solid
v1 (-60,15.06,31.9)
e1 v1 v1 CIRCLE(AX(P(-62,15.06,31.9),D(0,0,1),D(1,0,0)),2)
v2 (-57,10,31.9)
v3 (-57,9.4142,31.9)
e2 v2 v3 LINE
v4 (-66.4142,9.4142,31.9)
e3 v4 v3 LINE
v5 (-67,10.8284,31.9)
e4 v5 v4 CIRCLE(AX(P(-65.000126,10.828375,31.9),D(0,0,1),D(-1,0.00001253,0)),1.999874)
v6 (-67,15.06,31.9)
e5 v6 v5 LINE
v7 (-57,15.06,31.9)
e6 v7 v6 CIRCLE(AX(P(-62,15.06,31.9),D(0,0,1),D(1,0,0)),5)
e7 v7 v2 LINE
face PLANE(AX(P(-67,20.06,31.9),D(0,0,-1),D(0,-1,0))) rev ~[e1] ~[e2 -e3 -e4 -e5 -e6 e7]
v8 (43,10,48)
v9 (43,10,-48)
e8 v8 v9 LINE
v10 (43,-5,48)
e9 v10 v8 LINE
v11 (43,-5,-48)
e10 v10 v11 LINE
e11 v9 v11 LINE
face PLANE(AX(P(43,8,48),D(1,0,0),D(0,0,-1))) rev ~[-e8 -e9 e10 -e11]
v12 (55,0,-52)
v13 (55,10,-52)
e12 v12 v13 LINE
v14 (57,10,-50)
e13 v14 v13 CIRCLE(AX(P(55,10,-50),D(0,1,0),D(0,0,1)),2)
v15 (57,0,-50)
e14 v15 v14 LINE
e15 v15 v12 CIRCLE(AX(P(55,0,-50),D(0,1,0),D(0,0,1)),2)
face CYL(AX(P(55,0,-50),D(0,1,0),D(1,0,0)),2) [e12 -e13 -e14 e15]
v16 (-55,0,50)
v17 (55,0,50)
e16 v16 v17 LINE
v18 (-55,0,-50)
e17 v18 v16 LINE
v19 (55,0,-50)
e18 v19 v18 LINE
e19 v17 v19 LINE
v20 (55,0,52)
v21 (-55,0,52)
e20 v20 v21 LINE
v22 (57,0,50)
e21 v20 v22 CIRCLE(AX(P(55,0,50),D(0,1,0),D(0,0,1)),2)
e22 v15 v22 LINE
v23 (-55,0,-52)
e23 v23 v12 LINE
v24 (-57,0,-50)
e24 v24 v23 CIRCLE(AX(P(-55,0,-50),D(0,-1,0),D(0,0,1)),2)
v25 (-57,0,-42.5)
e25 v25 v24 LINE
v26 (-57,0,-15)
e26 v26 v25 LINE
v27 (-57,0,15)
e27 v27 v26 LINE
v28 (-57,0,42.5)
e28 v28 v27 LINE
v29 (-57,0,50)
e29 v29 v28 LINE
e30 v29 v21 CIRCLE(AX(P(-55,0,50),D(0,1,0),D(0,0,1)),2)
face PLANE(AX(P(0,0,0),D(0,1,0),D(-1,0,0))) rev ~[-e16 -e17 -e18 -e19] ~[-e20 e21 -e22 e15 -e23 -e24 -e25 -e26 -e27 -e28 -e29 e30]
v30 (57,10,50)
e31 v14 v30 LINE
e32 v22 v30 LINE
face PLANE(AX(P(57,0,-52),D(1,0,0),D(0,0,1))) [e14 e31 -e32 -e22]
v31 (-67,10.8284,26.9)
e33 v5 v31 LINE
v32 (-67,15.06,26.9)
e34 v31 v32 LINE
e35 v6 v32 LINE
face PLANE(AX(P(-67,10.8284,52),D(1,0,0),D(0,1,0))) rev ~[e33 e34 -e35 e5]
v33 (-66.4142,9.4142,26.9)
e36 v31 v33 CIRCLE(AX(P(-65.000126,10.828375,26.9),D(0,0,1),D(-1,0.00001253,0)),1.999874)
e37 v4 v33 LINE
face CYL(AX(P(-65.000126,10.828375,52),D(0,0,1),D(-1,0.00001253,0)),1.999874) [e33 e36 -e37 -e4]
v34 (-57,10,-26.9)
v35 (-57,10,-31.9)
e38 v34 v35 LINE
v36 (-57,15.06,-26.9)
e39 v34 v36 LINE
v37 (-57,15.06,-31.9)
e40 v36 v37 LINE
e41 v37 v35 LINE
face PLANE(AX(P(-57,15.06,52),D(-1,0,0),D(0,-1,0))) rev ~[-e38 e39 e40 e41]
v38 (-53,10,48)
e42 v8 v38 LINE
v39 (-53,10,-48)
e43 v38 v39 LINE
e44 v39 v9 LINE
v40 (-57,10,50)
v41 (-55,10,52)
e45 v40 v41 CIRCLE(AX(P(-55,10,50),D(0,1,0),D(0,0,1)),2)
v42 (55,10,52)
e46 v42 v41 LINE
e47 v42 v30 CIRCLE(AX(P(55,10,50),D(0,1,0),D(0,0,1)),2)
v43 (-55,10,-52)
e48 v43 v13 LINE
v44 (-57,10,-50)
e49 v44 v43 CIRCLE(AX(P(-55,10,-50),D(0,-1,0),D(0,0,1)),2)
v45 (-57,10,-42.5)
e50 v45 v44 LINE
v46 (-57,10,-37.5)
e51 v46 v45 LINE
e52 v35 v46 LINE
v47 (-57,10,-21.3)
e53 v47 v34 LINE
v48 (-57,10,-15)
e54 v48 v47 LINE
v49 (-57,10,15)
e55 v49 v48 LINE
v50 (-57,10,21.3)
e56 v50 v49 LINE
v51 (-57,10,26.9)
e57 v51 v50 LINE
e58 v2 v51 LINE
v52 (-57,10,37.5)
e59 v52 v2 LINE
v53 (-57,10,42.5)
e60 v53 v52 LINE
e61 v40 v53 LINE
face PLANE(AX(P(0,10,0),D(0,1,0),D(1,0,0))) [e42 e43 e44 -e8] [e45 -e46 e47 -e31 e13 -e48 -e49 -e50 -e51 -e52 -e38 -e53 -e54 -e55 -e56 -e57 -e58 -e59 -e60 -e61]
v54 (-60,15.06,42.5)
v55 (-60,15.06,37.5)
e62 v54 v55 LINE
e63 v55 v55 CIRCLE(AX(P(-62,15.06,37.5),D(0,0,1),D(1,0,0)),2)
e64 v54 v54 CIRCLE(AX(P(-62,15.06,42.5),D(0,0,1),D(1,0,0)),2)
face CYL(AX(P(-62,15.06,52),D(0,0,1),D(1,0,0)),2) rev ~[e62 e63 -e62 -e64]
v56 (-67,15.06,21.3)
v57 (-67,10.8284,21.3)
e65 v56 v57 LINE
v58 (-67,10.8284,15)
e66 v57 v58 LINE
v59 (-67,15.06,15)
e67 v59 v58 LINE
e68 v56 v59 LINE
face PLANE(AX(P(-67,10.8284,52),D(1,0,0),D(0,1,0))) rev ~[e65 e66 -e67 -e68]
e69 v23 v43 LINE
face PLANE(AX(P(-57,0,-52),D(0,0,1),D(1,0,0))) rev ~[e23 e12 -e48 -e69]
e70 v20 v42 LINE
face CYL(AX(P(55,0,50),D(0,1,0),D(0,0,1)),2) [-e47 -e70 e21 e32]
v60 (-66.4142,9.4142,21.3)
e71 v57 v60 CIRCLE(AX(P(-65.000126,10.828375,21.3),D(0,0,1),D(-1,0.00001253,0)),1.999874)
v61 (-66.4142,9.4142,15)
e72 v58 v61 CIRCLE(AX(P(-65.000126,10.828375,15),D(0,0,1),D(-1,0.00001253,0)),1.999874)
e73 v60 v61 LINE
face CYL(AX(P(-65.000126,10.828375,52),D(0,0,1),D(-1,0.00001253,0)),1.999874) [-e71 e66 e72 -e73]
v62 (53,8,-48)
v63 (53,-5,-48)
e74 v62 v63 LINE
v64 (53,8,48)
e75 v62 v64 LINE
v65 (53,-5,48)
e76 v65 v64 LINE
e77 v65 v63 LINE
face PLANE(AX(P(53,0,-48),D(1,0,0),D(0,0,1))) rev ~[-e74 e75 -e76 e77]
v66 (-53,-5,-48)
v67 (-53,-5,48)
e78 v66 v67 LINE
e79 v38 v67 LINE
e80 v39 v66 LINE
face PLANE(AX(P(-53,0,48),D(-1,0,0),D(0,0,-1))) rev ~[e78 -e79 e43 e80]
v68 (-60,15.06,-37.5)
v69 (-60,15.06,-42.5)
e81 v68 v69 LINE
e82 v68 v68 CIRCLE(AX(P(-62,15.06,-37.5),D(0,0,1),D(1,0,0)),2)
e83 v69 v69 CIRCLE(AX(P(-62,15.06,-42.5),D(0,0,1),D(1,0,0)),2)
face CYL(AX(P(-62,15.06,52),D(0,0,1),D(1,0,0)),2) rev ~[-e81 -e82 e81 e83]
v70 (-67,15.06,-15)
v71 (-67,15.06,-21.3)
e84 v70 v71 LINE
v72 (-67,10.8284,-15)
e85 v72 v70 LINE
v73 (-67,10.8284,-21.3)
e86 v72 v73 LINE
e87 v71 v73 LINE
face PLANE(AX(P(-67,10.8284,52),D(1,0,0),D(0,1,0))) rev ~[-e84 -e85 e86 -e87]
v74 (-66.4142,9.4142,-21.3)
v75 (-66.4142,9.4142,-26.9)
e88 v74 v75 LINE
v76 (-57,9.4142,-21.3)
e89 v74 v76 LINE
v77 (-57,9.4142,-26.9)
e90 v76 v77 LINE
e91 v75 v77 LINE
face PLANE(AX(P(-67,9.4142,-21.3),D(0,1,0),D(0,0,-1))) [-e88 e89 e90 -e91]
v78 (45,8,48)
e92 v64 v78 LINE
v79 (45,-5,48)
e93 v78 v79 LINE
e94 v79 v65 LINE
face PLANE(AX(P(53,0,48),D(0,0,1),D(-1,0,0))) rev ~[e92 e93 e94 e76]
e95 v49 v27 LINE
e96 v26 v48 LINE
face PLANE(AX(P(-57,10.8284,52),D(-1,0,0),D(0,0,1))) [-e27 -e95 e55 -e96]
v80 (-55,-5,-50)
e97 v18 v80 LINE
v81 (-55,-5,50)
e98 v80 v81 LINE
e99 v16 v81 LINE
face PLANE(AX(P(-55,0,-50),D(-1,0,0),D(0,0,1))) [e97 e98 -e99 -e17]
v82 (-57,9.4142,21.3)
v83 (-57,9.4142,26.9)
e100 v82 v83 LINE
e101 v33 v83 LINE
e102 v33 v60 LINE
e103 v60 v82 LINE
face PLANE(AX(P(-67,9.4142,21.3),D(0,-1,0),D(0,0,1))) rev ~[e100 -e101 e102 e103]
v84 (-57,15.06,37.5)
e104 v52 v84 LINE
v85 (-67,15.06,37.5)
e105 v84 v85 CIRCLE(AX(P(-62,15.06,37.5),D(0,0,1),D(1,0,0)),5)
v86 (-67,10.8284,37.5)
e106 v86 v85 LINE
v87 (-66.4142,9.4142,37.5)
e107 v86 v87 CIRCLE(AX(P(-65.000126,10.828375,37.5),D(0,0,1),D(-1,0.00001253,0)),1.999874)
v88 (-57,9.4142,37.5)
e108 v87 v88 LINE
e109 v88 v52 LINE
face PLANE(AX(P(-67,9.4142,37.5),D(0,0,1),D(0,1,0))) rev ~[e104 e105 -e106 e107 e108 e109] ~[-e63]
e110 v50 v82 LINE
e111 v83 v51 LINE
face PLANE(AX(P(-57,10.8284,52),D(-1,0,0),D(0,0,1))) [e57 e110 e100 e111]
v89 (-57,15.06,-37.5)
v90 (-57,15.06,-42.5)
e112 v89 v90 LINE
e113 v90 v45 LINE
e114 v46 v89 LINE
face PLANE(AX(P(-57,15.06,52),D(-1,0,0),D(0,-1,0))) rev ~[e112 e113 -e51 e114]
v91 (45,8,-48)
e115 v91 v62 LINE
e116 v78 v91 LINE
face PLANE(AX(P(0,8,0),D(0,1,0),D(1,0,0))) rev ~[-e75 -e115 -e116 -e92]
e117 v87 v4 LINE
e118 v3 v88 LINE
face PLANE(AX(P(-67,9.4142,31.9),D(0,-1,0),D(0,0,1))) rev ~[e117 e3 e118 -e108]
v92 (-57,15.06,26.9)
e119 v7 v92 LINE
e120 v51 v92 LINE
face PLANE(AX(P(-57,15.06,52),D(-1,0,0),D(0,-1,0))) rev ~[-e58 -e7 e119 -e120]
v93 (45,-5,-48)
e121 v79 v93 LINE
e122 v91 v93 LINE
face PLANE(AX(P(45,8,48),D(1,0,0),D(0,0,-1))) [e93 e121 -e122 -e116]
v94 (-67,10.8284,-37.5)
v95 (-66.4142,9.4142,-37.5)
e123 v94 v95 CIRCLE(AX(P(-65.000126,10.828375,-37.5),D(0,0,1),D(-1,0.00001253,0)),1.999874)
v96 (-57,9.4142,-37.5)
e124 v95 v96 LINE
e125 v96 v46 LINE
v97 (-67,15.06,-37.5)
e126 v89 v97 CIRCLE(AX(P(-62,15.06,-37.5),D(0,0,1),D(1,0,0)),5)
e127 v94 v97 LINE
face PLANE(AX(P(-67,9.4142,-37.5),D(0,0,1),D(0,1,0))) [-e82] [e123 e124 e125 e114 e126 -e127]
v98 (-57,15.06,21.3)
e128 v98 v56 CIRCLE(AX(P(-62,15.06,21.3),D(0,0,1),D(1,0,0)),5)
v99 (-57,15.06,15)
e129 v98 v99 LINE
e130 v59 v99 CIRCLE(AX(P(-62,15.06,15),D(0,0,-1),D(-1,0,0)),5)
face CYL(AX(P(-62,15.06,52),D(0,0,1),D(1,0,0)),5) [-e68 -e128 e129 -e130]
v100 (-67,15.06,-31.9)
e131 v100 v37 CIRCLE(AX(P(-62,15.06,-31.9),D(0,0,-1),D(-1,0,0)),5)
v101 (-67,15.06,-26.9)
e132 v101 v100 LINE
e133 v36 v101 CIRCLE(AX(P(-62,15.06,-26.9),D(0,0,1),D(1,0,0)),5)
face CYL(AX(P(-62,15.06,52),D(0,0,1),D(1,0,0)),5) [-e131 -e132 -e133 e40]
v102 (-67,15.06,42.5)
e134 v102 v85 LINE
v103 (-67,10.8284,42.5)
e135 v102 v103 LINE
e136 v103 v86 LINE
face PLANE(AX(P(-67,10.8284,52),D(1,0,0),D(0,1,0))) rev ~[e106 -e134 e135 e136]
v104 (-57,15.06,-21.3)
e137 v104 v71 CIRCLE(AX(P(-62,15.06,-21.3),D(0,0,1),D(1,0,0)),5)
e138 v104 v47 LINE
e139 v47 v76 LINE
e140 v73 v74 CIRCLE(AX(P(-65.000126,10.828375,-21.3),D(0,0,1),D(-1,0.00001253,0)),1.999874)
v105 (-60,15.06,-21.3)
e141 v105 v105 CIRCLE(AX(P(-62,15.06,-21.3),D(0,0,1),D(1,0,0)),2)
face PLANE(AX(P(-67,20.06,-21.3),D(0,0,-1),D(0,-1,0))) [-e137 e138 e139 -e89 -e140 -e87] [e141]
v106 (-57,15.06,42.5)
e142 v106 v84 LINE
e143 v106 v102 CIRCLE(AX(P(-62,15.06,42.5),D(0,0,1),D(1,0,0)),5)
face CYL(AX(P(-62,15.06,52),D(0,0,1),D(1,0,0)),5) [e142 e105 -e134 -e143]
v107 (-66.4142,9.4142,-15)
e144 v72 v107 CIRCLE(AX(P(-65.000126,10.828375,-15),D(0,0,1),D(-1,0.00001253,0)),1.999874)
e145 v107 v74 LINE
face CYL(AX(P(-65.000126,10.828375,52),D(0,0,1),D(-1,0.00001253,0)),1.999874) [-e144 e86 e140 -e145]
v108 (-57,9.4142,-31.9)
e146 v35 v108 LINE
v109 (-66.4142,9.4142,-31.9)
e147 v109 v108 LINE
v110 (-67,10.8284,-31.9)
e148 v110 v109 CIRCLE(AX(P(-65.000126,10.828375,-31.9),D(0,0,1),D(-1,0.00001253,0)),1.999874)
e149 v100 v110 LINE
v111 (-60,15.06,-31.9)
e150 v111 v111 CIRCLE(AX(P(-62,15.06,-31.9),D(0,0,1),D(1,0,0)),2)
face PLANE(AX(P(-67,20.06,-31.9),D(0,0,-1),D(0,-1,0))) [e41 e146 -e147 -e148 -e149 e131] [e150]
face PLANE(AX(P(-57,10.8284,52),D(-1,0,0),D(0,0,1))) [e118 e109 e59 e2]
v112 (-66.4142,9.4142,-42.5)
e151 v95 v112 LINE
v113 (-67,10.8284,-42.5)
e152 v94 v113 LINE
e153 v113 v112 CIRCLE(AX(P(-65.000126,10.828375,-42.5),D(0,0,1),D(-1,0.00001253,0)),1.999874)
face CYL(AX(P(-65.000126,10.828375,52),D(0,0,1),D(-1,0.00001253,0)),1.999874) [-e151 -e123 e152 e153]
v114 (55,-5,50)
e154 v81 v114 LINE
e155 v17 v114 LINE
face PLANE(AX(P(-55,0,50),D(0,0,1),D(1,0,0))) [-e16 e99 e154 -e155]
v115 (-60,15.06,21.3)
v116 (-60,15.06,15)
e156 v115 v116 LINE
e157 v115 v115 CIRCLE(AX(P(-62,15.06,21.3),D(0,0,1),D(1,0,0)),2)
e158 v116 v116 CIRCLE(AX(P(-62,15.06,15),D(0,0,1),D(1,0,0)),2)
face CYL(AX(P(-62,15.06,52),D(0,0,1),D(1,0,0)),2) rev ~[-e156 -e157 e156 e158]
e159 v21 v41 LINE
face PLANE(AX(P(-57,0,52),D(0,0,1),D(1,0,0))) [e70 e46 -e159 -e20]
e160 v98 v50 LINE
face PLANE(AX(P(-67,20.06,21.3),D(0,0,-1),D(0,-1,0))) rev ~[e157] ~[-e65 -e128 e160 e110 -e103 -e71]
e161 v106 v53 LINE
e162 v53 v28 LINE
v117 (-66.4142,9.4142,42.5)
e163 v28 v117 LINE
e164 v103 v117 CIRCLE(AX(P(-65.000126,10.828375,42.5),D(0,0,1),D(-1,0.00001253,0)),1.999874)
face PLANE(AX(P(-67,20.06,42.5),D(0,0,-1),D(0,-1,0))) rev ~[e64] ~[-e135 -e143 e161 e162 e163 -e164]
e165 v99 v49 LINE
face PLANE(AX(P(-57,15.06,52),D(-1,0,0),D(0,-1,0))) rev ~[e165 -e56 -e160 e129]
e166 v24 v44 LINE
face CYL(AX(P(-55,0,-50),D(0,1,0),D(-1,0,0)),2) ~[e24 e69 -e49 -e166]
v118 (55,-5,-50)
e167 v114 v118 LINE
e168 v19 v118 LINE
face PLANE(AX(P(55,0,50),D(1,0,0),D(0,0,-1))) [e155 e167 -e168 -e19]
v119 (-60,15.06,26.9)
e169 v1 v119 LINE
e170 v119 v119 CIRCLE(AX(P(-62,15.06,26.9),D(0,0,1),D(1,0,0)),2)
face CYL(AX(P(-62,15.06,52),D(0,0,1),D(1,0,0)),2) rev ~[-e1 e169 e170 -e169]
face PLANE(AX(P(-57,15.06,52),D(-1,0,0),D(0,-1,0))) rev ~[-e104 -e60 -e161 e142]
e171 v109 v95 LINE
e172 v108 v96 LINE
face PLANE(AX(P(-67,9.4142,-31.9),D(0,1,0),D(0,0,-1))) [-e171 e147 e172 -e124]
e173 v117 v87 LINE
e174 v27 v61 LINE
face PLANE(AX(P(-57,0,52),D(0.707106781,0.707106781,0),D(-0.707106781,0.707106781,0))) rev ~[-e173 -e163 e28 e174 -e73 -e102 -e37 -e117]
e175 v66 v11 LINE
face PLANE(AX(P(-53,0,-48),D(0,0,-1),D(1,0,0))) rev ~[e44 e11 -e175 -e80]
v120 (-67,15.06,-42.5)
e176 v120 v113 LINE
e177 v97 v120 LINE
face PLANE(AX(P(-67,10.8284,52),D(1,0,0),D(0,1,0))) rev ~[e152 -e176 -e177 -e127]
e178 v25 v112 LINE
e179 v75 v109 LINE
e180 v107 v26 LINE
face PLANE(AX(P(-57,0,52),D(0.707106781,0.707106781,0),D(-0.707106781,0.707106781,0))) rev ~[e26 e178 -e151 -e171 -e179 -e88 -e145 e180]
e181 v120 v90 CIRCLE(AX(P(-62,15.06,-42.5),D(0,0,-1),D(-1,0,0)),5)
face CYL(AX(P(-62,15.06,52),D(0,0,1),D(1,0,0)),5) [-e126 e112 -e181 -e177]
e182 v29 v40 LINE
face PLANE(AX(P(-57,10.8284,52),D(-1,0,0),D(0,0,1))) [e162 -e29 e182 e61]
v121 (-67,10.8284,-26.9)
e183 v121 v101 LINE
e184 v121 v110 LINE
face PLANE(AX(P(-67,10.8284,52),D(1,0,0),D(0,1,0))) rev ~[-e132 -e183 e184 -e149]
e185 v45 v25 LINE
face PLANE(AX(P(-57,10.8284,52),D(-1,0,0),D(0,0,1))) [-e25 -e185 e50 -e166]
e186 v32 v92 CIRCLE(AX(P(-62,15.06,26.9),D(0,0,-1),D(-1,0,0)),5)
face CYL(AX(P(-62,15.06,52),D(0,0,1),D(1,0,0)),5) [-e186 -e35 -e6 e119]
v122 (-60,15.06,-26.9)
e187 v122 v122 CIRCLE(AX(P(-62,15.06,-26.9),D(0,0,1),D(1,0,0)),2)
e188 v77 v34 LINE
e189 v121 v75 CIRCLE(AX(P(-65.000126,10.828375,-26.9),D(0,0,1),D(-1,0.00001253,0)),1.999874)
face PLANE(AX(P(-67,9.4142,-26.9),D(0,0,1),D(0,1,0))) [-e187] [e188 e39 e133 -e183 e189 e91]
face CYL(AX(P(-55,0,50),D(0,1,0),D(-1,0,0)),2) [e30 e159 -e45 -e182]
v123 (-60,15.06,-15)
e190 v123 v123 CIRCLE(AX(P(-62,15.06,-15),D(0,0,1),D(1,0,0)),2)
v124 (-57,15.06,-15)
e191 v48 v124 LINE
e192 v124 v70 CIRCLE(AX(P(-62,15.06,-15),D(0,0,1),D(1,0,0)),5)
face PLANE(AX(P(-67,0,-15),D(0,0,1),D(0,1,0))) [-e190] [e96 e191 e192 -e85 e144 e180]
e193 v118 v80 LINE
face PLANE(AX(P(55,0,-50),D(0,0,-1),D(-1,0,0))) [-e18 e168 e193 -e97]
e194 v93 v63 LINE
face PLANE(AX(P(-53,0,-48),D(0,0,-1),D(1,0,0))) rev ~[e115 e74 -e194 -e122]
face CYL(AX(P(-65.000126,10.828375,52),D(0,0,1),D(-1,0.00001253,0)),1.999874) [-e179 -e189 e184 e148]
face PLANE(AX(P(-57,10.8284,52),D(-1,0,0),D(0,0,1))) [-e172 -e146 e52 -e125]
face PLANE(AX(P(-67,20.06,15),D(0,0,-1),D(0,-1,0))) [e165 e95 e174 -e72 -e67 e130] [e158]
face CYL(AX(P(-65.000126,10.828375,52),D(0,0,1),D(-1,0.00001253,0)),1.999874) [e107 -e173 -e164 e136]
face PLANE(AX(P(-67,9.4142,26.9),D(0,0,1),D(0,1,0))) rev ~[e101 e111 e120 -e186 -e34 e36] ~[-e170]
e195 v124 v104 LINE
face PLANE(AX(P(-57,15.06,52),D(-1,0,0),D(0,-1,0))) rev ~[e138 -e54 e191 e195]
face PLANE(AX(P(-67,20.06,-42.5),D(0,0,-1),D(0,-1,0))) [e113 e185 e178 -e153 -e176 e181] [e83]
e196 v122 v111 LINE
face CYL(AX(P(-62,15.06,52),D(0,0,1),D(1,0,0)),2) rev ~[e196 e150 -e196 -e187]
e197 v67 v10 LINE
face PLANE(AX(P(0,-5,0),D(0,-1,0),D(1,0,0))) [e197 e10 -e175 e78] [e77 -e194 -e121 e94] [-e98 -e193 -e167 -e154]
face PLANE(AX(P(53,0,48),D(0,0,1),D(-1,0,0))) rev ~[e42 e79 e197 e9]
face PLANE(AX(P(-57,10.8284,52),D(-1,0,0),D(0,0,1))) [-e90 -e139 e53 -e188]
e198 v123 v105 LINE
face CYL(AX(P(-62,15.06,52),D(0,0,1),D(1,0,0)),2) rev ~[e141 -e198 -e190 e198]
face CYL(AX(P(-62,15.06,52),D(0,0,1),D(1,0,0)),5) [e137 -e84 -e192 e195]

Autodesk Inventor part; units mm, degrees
ref_plane "YZ Plane" through (0, 0, 0) normal (1, 0, 0) x (0, 1, 0)
ref_plane "XZ Plane" through (0, 0, 0) normal (0, 1, 0) x (-1, 0, 0)
ref_plane "XY Plane" through (0, 0, 0) normal (0, 0, 1) x (1, 0, 0)
sketch "Esboço3" plane through (0, 0, 0) normal (0, 1, 0) x (-1, 0, 0)
  line L0 (-57, 52) -> (57, 52)
  line L1 (57, 52) -> (57, -52)
  line L2 (57, -52) -> (-57, -52)
  line L3 (-57, -52) -> (-57, 52)
  line L4 (-57, 52) -> (57, -52) construction
  line L5 (57, 52) -> (-57, -52) construction
  line L6 (-53, 48) -> (53, 48)
  line L7 (53, 48) -> (53, -48)
  line L8 (53, -48) -> (-53, -48)
  line L9 (-53, -48) -> (-53, 48)
  line L10 (-53, 48) -> (53, -48) construction
  line L11 (53, 48) -> (-53, -48) construction
  point P0 (0, 0)
  dimension "d9" = 104
  dimension "d10" = 114
  dimension "d11" = 106
  dimension "d12" = 96
extrude "Extrusão2" add sketch "Esboço3" along normal blind 10
sketch "Esboço4" plane through (0, 0, 0) normal (0, -1, 0) x (1, 0, 0)
  line L0 (-53, -48) -> (53, -48) projected
  line L1 (-53, 48) -> (53, 48)
  line L2 (53, 48) -> (53, -48)
  line L3 (53, -48) -> (-53, -48)
  line L4 (-53, -48) -> (-53, 48)
  line L5 (-53, 48) -> (53, -48) construction
  line L6 (53, 48) -> (-53, -48) construction
  line L7 (-55, 50) -> (55, 50)
  line L8 (55, 50) -> (55, -50)
  line L9 (55, -50) -> (-55, -50)
  line L10 (-55, -50) -> (-55, 50)
  line L11 (-55, 50) -> (55, -50) construction
  line L12 (55, 50) -> (-55, -50) construction
  point P0 (0, 0)
  dimension "d15" = 100
  dimension "d16" = 96
  dimension "d17" = 110
  dimension "d18" = 106
extrude "Extrusão3" add sketch "Esboço4" along normal blind 5
sketch "Esboço5" plane through (0, 10, 0) normal (0, 1, 0) x (1, 0, 0)
  line L0 (53, 48) -> (53, -48) projected
  line L1 (53, -48) -> (43, -48)
  line L2 (43, -48) -> (43, 48)
  line L3 (43, 48) -> (53, 48)
  line L4 (53, 48) -> (53, -48)
  point P0 (0, 0)
  dimension "d21" = 10
extrude "Extrusão4" add sketch "Esboço5" against normal blind 2
sketch "Esboço6" plane through (0, 8, 0) normal (0, -1, 0) x (1, 0, 0)
  line L0 (43, 48) -> (43, -48) projected
  line L1 (43, 48) -> (45, 48)
  line L2 (45, 48) -> (45, -48)
  line L3 (45, -48) -> (43, -48)
  line L4 (43, -48) -> (43, 48)
  point P0 (0, 0)
  dimension "d24" = 2
extrude "Extrusão5" add sketch "Esboço6" along normal blind 13
sketch "Esboço7" plane through (0, 10, 0) normal (0, 1, 0) x (1, 0, 0)
  point P0 (0, 0)
sketch "Esboço9" plane through (-57, 0, 52) normal (0, 0, 1) x (1, 0, 0)
  line L0 (114, 0) -> (0, 0) projected
  line L1 (0, 0) -> (-9.4142, 9.4142)
  line L2 (0, 0) -> (0, 10) projected
  line L3 (0, 10) -> (-10, 10) construction
  line L4 (0, 10) -> (0, 15.06) construction
  line L5 (0, 15.06) -> (-10, 15.06) construction
  arc A0 (0, 15.06) -> (-10, 15.06) centre (-5, 15.06) ccw
  line L6 (-10, 10.8284) -> (-10, 15.06)
  line L7 (0, 15.06) -> (0, 0)
  circle A1 centre (-5, 15.06) radius 2
  arc A2 (-10, 10.8284) -> (-9.4142, 9.4142) centre (-8, 10.8284) ccw
  point P0 (57, 0)
  dimension "d29" = 45
  dimension "d30" = 5.06
  dimension "d31" = 4
  dimension "d32" = 2
extrude "Extrusão6" add sketch "Esboço9" against normal blind 104
sketch "Esboço10" plane through (-67, 10.8284, 52) normal (-1, 0, 0) x (0, 0, 1)
  line L0 (-52, -10.8284) -> (-67, -10.8284) construction
  line L1 (-102, -10.8284) -> (-2, -10.8284) construction
  line L2 (-67, -10.8284) -> (-37, -10.8284) construction
  line L3 (-37, -10.8284) -> (-37, 9.2316) construction
  line L4 (0, 9.2316) -> (-104, 9.2316) construction
  line L5 (-67, 9.2316) -> (-37, 9.2316) construction
  line L6 (-67, -10.8284) -> (-67, 9.2316) construction
  line L7 (-104, 9.2316) -> (-94.5, 9.2316)
  line L8 (-94.5, 9.2316) -> (-94.5, -10.8284)
  line L9 (-94.5, -10.8284) -> (-104, -10.8284)
  line L10 (-104, -10.8284) -> (-104, 9.2316)
  line L11 (0, 9.2316) -> (-9.5, 9.2316)
  line L12 (-9.5, 9.2316) -> (-9.5, -10.8284)
  line L13 (-9.5, -10.8284) -> (0, -10.8284)
  line L14 (0, -10.8284) -> (0, 9.2316)
  line L15 (-67, 9.2316) -> (-37, 9.2316)
  line L16 (-37, 9.2316) -> (-37, -10.8284)
  line L17 (-37, -10.8284) -> (-67, -10.8284)
  line L18 (-67, -10.8284) -> (-67, 9.2316)
  line L19 (-94.5, 9.2316) -> (-89.5, 9.2316) construction
  line L20 (-9.5, 9.2316) -> (-14.5, 9.2316) construction
  line L21 (-89.5, 9.2316) -> (-83.9, 9.2316)
  line L22 (-83.9, 9.2316) -> (-83.9, -1.4142)
  line L23 (-83.9, -1.4142) -> (-89.5, -1.4142)
  line L24 (-89.5, -1.4142) -> (-89.5, 9.2316)
  line L25 (-14.5, 9.2316) -> (-20.1, 9.2316)
  line L26 (-20.1, 9.2316) -> (-20.1, -1.4142)
  line L27 (-20.1, -1.4142) -> (-14.5, -1.4142)
  line L28 (-14.5, -1.4142) -> (-14.5, 9.2316)
  line L29 (-83.9, 9.2316) -> (-78.9, 9.2316)
  line L30 (-20.1, 9.2316) -> (-25.1, 9.2316)
  line L31 (-78.9, 9.2316) -> (-73.3, 9.2316)
  line L32 (-73.3, 9.2316) -> (-73.3, -1.4142)
  line L33 (-73.3, -1.4142) -> (-78.9, -1.4142)
  line L34 (-78.9, -1.4142) -> (-78.9, 9.2316)
  line L35 (-25.1, 9.2316) -> (-30.7, 9.2316)
  line L36 (-30.7, 9.2316) -> (-30.7, -1.4142)
  line L37 (-30.7, -1.4142) -> (-25.1, -1.4142)
  line L38 (-25.1, -1.4142) -> (-25.1, 9.2316)
  dimension "d35" = 15
  dimension "d36" = 30
  dimension "d37" = 9.5
  dimension "d38" = 9.5
  dimension "d39" = 5
  dimension "d40" = 5
  dimension "d41" = 5.6
  dimension "d42" = 5.6
  dimension "d43" = 5
  dimension "d44" = 5
  dimension "d45" = 5.6
  dimension "d46" = 5.6
extrude "Extrusão7" cut sketch "Esboço10" against normal blind 10
fillet "Arredondamento1" radius 2 4 edges at (57, 5, 52) (57, 5, -52) (-57, 5, -52) (-57, 5, 52)
properties part number "tampa extra"
